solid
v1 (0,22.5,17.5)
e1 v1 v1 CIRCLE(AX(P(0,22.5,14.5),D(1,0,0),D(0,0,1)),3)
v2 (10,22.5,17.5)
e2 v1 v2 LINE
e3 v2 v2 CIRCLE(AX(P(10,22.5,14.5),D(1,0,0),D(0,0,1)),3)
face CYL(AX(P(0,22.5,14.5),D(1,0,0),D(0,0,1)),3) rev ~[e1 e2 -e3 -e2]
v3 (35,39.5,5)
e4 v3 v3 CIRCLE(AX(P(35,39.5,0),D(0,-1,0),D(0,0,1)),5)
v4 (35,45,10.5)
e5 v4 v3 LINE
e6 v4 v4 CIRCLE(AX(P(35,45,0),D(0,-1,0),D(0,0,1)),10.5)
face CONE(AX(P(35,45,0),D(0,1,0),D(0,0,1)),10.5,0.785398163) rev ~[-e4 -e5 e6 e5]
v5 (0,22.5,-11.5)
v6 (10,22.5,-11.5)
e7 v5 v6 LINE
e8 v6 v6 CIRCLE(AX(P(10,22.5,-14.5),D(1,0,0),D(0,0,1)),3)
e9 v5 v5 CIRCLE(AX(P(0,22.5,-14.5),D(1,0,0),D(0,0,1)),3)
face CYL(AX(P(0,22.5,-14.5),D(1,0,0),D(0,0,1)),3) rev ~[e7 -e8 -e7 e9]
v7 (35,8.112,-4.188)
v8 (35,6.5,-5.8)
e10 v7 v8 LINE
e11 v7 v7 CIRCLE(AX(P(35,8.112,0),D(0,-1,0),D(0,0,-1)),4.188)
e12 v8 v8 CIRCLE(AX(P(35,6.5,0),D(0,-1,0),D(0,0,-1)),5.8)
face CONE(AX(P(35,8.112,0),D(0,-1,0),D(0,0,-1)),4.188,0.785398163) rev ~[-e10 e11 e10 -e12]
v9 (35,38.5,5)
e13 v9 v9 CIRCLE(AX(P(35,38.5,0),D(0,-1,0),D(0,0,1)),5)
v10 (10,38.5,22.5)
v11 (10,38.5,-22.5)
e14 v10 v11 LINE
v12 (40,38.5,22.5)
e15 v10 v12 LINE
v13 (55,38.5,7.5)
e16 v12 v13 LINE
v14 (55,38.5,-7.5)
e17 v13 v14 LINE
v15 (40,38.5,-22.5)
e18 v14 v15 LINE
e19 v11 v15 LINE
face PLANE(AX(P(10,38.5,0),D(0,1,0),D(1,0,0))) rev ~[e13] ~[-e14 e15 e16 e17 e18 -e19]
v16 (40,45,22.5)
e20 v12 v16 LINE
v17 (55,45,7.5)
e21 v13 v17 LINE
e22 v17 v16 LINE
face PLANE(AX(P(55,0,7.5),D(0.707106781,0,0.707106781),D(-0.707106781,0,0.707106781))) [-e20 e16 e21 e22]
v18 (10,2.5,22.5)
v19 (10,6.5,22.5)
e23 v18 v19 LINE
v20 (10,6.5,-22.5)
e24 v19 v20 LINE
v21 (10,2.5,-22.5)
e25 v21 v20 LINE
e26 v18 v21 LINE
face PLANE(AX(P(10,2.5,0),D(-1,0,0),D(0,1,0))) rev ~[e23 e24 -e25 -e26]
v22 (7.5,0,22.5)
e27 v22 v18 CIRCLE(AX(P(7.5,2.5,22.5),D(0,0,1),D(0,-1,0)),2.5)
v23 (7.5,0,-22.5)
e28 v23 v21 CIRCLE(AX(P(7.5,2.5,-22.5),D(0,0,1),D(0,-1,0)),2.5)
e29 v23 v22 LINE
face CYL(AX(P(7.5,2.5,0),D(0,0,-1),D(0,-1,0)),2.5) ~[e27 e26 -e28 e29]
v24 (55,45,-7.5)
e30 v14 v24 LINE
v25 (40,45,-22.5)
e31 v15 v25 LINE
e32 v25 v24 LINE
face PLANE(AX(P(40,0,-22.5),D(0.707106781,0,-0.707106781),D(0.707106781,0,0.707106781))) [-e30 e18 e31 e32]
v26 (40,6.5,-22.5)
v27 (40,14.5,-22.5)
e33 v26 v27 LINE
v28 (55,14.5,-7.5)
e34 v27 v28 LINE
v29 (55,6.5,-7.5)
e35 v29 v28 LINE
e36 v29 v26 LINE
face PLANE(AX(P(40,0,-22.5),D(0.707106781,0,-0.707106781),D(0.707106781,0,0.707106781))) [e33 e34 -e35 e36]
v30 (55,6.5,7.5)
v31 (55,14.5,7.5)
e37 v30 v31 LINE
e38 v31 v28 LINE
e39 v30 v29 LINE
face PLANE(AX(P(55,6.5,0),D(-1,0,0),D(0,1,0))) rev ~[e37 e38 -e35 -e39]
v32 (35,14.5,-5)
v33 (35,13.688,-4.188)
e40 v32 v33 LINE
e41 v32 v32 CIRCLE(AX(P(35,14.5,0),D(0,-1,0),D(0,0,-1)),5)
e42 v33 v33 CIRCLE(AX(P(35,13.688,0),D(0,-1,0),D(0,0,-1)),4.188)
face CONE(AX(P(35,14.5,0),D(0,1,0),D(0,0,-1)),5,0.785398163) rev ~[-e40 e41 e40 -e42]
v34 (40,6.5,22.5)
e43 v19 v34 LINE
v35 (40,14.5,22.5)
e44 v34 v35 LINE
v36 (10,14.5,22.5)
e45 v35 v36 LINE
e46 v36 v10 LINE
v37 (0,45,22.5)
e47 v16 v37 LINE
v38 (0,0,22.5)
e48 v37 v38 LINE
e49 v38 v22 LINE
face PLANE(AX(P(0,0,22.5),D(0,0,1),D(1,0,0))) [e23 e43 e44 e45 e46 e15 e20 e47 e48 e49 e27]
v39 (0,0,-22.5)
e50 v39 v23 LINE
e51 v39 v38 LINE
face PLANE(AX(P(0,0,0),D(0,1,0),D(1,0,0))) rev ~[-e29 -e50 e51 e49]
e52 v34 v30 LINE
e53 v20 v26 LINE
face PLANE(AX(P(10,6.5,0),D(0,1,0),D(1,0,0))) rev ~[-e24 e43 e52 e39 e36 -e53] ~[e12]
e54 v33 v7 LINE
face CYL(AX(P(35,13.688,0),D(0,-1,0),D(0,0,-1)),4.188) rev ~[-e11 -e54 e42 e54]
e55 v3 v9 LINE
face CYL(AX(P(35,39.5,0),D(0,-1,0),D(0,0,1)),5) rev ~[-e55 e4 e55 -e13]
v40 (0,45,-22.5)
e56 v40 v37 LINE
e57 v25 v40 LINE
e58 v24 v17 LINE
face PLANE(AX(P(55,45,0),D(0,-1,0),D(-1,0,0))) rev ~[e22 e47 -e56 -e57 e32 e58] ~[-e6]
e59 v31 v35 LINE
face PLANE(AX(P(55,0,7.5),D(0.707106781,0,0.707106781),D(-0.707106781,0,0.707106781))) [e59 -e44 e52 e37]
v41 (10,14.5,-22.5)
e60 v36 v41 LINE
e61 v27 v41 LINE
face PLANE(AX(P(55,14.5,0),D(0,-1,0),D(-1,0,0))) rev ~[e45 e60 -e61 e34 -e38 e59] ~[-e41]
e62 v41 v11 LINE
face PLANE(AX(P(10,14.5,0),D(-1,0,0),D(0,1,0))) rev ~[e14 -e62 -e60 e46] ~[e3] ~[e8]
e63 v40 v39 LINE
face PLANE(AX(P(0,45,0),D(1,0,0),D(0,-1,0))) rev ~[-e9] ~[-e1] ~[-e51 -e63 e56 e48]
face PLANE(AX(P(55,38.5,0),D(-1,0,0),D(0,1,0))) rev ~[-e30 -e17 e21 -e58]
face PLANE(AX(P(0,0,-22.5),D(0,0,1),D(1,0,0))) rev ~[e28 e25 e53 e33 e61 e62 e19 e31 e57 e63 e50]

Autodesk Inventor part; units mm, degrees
sketch "Sketch_6" plane through (0, 0, 0) normal (0, 0, 1) x (1, 0, 0)
  line L0 (0, 45) -> (0, 0)
  line L1 (0, 0) -> (7.5, 0)
  arc A0 (7.5, 0) -> (10, 2.5) centre (7.5, 2.5) ccw
  line L2 (10, 2.5) -> (10, 6.5)
  line L3 (10, 6.5) -> (55, 6.5)
  line L4 (55, 6.5) -> (55, 14.5)
  line L5 (55, 14.5) -> (10, 14.5)
  line L6 (10, 14.5) -> (10, 38.5)
  line L7 (10, 38.5) -> (55, 38.5)
  line L8 (55, 38.5) -> (55, 45)
  line L9 (55, 45) -> (0, 45)
extrude "Extrusion1" add sketch "Sketch_6" along normal mid plane 45
sketch "Sketch_7" plane through (0, 0, 0) normal (0, 1, 0) x (-1, 0, 0)
  line L0 (-40, 22.5) -> (-110, 22.5)
  line L1 (-110, 22.5) -> (-110, -22.5)
  line L2 (-110, -22.5) -> (-40, -22.5)
  line L3 (-40, -22.5) -> (-55, -7.5)
  line L4 (-55, -7.5) -> (-55, 7.5)
  line L5 (-55, 7.5) -> (-40, 22.5)
extrude "Extrusion2" cut sketch "Sketch_7" along normal blind 45
sketch "Sketch_8" plane through (35, 0, 0) normal (1, 0, 0) x (0, 0, -1)
  line L0 (0, 6.5) -> (0, 14.5)
  line L1 (0, 14.5) -> (5, 14.5)
  line L2 (5, 14.5) -> (4.188, 13.688)
  line L3 (4.188, 13.688) -> (4.188, 8.112)
  line L4 (4.188, 8.112) -> (5.8, 6.5)
  line L5 (5.8, 6.5) -> (0, 6.5)
  line L6 (0, 6.5) -> (0, 14.5)
revolve "Revolution1" cut sketch "Sketch_8" angle 360 about axis through (35, 6.5, 0) along (0, -1, 0)
thread "Thread1" size "M10x1.5" class "6H" standard "ISO Metric profile" full length
sketch "Sketch4" plane through (0, 45, 22.5) normal (0, 1, 0) x (1, 0, 0)
  point P0 (35, 22.5)
hole "Hole1" at (35, 45, 0) direction (0, -1, 0) diameter 10 depth 6.5 countersink diameter 21 countersink angle 90
sketch "Sketch5" plane through (0, 0, 22.5) normal (-1, 0, 0) x (0, 0, 1)
  point P0 (-37, 22.5)
hole "Hole2" at (0, 22.5, -14.5) direction (1, 0, 0) diameter 6 depth 10
sketch "Sketch6" plane through (0, 0, 22.5) normal (-1, 0, 0) x (0, 0, 1)
  point P0 (-8, 22.5)
hole "Hole3" at (0, 22.5, 14.5) direction (1, 0, 0) diameter 6 depth 10
ref_plane "bracket_to_screw_XY" through (35, 45, 0) normal (0, 1, 0) x (1, 0, 0)
ref_plane "bracket_to_screw_YZ" through (35, 45, 0) normal (1, 0, 0) x (0, 0, -1)
ref_plane "bracket_to_screw_ZX" through (35, 45, 0) normal (0, 0, -1) x (0, 1, 0)
ref_plane "screw11_XY" through (10, 22.5, 14.5) normal (1, 0, 0) x (0, 0, -1)
ref_plane "screw11_YZ" through (10, 22.5, 14.5) normal (0, 0, -1) x (0, 1, 0)
ref_plane "screw11_ZX" through (10, 22.5, 14.5) normal (0, 1, 0) x (1, 0, 0)
ref_plane "screw12_XY" through (10, 22.5, -14.5) normal (1, 0, 0) x (0, 0, -1)
ref_plane "screw12_YZ" through (10, 22.5, -14.5) normal (0, 0, -1) x (0, 1, 0)
ref_plane "screw12_ZX" through (10, 22.5, -14.5) normal (0, 1, 0) x (1, 0, 0)
ref_plane "screw1_1_XY" through (-27.6, 22.5, 14.5) normal (-1, 0, 0) x (0, 0, -1)
ref_plane "screw1_1_YZ" through (-27.6, 22.5, 14.5) normal (0, 0, -1) x (0, -1, 0)
ref_plane "screw1_1_ZX" through (-27.6, 22.5, 14.5) normal (0, -1, 0) x (-1, 0, 0)
ref_plane "screw1_2_XY" through (-27.6, 22.5, -14.5) normal (-1, 0, 0) x (0, 0, -1)
ref_plane "screw1_2_YZ" through (-27.6, 22.5, -14.5) normal (0, 0, -1) x (0, -1, 0)
ref_plane "screw1_2_ZX" through (-27.6, 22.5, -14.5) normal (0, -1, 0) x (-1, 0, 0)
ref_plane "screw2_XY" through (10, 22.5, 0) normal (1, 0, 0) x (0, 0, -1)
ref_plane "screw2_YZ" through (10, 22.5, 0) normal (0, 0, -1) x (0, 1, 0)
ref_plane "screw2_ZX" through (10, 22.5, 0) normal (0, 1, 0) x (1, 0, 0)
ref_plane "screw22_XY" through (2.2, 22.5, 0) normal (1, 0, 0) x (0, 0, -1)
ref_plane "screw22_YZ" through (2.2, 22.5, 0) normal (0, 0, -1) x (0, 1, 0)
ref_plane "screw22_ZX" through (2.2, 22.5, 0) normal (0, 1, 0) x (1, 0, 0)
ref_plane "screw3_XY" through (0, 22.5, 14.5) normal (1, 0, 0) x (0, 0, -1)
ref_plane "screw3_YZ" through (0, 22.5, 14.5) normal (0, 0, -1) x (0, 1, 0)
ref_plane "screw3_ZX" through (0, 22.5, 14.5) normal (0, 1, 0) x (1, 0, 0)
ref_plane "screw3_1_XY" through (0, 22.5, -14.5) normal (1, 0, 0) x (0, 0, -1)
ref_plane "screw3_1_YZ" through (0, 22.5, -14.5) normal (0, 0, -1) x (0, 1, 0)
ref_plane "screw3_1_ZX" through (0, 22.5, -14.5) normal (0, 1, 0) x (1, 0, 0)
properties part number "HBLTBBN45-SET_b"
